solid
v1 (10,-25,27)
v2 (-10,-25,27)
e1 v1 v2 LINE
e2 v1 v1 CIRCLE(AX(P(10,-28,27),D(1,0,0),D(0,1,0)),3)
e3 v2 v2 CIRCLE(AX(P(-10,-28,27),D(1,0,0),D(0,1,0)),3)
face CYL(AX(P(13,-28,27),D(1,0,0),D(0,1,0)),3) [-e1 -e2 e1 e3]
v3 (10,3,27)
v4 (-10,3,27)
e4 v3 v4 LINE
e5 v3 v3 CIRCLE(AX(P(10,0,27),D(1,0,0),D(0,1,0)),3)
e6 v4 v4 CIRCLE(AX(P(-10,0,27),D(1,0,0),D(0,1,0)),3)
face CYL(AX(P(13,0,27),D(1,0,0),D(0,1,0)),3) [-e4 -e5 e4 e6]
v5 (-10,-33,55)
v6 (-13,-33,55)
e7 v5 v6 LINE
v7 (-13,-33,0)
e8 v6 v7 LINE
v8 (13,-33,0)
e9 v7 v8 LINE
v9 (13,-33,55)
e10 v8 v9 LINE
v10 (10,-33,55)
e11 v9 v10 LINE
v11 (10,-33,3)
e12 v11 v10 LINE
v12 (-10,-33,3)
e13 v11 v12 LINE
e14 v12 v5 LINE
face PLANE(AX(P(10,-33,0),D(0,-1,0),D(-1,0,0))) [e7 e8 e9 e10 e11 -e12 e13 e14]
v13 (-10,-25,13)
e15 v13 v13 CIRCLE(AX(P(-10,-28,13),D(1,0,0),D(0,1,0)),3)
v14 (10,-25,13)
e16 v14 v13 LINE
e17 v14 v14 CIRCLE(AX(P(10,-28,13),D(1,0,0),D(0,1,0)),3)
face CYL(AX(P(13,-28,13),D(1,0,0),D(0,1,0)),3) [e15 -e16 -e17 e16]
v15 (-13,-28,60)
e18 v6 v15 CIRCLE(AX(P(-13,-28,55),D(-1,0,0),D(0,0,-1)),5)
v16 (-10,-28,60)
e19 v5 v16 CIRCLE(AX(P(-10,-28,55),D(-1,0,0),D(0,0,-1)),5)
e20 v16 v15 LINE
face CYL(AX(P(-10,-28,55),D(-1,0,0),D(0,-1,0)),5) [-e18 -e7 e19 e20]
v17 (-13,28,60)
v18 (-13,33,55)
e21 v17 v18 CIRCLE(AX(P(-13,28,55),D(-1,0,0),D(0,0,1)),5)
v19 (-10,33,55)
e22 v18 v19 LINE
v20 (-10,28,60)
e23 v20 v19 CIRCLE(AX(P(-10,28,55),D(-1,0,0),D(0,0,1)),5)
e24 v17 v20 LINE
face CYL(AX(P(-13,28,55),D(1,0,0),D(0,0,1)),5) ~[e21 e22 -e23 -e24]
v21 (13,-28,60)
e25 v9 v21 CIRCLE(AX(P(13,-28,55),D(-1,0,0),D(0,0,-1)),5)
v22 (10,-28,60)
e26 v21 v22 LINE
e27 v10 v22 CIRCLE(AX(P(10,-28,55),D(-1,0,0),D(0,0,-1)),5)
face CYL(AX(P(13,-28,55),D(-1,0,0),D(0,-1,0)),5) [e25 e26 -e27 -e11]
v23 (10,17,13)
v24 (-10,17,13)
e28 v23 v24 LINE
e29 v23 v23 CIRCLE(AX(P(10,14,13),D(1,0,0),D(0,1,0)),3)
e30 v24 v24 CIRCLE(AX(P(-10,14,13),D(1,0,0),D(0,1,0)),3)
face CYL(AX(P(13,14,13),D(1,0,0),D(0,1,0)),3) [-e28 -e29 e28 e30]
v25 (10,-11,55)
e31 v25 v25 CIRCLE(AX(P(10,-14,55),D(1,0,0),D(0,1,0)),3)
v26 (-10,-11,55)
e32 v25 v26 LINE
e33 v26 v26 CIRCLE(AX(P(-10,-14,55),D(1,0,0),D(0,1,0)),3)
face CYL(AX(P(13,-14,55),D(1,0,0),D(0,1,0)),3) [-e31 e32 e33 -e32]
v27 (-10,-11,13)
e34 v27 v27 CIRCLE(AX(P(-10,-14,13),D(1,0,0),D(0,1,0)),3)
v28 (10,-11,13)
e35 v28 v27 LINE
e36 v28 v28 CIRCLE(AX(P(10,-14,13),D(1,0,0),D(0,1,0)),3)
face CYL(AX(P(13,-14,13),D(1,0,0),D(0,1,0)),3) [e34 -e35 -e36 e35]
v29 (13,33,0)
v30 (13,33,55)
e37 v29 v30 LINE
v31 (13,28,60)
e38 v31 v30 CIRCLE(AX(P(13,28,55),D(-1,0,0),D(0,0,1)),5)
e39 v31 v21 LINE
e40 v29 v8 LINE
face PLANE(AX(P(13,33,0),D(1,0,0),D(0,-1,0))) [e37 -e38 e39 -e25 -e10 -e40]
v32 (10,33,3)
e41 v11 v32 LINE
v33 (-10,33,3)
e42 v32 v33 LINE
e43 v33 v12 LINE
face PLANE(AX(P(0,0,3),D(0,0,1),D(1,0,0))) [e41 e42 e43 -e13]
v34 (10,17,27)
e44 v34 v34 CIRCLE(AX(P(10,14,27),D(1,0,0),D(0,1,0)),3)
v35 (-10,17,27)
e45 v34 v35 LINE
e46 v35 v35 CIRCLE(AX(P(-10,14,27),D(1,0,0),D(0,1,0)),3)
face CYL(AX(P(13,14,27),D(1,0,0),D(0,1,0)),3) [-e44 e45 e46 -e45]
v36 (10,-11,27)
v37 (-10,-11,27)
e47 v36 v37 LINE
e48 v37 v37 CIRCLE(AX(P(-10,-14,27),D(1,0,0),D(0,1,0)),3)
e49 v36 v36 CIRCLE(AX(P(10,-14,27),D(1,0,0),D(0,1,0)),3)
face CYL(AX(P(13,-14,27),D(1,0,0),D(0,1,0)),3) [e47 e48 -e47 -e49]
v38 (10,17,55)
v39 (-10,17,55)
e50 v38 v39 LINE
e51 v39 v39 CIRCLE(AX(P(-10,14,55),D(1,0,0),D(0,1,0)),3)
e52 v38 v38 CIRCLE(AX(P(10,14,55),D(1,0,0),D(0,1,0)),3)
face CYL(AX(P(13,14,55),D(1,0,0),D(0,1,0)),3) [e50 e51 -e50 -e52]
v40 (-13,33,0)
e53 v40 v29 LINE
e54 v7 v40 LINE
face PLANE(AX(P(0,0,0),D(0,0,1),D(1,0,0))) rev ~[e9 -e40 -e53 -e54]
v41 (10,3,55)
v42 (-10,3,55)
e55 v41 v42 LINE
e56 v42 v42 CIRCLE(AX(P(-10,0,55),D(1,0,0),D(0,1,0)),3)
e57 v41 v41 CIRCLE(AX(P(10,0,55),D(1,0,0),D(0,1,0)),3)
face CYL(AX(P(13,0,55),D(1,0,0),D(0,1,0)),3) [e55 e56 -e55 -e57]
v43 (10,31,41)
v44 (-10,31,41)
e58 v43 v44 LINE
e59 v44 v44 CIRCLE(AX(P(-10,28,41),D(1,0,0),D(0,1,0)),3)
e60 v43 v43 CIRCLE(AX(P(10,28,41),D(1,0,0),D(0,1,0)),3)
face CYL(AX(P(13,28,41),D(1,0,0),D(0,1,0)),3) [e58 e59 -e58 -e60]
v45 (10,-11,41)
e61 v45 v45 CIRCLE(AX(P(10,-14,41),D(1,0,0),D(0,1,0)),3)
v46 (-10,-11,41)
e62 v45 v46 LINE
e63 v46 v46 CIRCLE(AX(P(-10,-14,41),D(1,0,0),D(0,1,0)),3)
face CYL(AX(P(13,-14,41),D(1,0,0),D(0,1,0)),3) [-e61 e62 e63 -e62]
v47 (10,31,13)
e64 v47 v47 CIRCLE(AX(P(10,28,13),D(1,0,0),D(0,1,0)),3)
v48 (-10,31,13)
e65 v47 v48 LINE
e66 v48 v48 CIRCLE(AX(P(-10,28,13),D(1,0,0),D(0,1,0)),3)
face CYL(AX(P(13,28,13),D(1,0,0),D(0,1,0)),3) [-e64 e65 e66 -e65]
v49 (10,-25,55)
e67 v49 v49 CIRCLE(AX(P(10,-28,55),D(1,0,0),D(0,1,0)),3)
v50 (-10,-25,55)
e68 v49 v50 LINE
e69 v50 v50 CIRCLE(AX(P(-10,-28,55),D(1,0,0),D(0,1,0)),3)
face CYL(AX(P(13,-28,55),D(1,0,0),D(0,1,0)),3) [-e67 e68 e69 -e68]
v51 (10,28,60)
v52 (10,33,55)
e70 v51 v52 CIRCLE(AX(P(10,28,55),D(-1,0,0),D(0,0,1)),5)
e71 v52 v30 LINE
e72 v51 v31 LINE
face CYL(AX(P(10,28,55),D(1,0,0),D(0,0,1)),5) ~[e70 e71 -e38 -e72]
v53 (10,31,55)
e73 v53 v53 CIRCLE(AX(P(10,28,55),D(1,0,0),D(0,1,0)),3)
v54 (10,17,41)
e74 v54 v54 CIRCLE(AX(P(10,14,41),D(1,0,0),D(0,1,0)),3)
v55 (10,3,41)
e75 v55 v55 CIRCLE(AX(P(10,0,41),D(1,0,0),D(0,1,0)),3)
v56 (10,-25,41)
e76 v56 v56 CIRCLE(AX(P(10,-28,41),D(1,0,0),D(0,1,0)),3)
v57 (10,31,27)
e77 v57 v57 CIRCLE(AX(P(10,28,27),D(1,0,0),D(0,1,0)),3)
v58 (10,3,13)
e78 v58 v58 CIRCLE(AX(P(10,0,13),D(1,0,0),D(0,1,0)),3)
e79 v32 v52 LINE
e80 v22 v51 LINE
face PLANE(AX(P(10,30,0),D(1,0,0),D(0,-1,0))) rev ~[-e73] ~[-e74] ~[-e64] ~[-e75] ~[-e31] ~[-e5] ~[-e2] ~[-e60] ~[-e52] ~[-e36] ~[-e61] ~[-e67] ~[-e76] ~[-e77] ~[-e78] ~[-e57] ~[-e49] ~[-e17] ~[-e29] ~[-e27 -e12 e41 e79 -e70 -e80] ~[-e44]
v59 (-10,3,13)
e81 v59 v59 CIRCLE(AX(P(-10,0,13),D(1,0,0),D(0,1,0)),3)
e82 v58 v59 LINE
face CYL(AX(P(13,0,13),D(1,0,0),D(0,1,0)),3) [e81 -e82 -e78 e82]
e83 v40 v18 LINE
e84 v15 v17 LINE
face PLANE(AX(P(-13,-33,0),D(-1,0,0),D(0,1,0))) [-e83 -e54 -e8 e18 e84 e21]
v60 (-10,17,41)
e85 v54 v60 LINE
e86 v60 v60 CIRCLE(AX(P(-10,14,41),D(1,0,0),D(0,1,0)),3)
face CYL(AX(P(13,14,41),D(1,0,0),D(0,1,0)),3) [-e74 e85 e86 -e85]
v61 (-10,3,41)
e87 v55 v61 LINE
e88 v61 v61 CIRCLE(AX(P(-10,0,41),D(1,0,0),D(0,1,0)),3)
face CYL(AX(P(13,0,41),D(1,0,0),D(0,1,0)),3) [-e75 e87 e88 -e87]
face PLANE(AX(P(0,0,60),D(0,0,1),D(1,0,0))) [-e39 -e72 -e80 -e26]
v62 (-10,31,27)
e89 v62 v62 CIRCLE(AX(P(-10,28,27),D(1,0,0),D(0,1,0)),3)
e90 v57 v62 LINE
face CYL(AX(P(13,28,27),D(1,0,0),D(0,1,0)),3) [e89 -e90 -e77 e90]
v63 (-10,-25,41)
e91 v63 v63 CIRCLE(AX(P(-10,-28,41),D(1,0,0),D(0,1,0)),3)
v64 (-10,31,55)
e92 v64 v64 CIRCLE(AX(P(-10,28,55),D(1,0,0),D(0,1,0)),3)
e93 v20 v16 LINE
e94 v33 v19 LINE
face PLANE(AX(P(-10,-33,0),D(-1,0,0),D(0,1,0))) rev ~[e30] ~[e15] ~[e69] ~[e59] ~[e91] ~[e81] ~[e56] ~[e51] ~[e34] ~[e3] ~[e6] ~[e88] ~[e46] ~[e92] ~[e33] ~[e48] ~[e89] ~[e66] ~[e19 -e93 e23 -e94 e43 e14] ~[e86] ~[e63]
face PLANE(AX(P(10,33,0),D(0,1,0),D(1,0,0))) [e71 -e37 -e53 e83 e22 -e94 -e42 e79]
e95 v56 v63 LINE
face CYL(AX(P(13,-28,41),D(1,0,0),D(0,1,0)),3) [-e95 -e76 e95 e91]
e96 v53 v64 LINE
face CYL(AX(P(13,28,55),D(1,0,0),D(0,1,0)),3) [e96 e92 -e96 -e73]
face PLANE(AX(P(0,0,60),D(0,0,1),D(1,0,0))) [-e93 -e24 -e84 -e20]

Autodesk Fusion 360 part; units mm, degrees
sketch "Sketch1" plane through (0, 0, 0) normal (0, 0, 1) x (1, 0, 0)
  line L0 (10, -30) -> (-10, -30)
  line L1 (-10, -33) -> (-10, 33)
  line L2 (-10, 30) -> (10, 30)
  line L3 (10, 33) -> (10, -33)
  line L4 (-13, -33) -> (-13, 33)
  line L5 (-13, 33) -> (13, 33)
  line L6 (13, 33) -> (13, -33)
  line L7 (13, -33) -> (-13, -33)
extrude "Extrude1" add sketch "Sketch1" along normal blind 3
extrude "Extrude2" add sketch "Sketch1" along normal blind 60 contours L3 L5 L6 L7 | L1 L4 L5 L7
sketch "Sketch2" plane through (13, 0, 0) normal (1, 0, 0) x (0, 1, 0)
  line L0 (-33, 0) -> (33, 0)
  line L1 (33, 0) -> (33, 60)
  line L2 (33, 60) -> (-33, 60)
  line L3 (-33, 60) -> (-33, 0)
  circle A0 centre (-28, 55) radius 3
  circle A1 centre (0, 55) radius 3
  circle A2 centre (-14, 55) radius 3
  line L4 (0, 1.75) -> (0, 22.5)
  circle A3 centre (14, 55) radius 3
  circle A4 centre (28, 55) radius 3
  circle A5 centre (-28, 41) radius 3
  circle A6 centre (-14, 41) radius 3
  circle A7 centre (0, 41) radius 3
  circle A8 centre (14, 41) radius 3
  circle A9 centre (28, 41) radius 3
  circle A10 centre (-28, 27) radius 3
  circle A11 centre (-14, 27) radius 3
  circle A12 centre (0, 27) radius 3
  circle A13 centre (14, 27) radius 3
  circle A14 centre (28, 27) radius 3
  circle A15 centre (-28, 13) radius 3
  circle A16 centre (-14, 13) radius 3
  circle A17 centre (0, 13) radius 3
  circle A18 centre (14, 13) radius 3
  circle A19 centre (28, 13) radius 3
  dimension "d8" = 0
  dimension "d9" = -42
extrude "Extrude3" add sketch "Sketch2" against normal blind 26 contours A0 | A1 | A2 | L4 A17 | L4 A17 | A3 | A4 | A5 | A6 | A7 | A8 | A9 | A10 | A11 | A12 | A13 | A14 | A15 | A16 | A18 | A19
fillet "Fillet1" radius 5 4 edges at (11.5, -33, 60) (-11.5, -33, 60) (11.5, 33, 60) (-11.5, 33, 60)
